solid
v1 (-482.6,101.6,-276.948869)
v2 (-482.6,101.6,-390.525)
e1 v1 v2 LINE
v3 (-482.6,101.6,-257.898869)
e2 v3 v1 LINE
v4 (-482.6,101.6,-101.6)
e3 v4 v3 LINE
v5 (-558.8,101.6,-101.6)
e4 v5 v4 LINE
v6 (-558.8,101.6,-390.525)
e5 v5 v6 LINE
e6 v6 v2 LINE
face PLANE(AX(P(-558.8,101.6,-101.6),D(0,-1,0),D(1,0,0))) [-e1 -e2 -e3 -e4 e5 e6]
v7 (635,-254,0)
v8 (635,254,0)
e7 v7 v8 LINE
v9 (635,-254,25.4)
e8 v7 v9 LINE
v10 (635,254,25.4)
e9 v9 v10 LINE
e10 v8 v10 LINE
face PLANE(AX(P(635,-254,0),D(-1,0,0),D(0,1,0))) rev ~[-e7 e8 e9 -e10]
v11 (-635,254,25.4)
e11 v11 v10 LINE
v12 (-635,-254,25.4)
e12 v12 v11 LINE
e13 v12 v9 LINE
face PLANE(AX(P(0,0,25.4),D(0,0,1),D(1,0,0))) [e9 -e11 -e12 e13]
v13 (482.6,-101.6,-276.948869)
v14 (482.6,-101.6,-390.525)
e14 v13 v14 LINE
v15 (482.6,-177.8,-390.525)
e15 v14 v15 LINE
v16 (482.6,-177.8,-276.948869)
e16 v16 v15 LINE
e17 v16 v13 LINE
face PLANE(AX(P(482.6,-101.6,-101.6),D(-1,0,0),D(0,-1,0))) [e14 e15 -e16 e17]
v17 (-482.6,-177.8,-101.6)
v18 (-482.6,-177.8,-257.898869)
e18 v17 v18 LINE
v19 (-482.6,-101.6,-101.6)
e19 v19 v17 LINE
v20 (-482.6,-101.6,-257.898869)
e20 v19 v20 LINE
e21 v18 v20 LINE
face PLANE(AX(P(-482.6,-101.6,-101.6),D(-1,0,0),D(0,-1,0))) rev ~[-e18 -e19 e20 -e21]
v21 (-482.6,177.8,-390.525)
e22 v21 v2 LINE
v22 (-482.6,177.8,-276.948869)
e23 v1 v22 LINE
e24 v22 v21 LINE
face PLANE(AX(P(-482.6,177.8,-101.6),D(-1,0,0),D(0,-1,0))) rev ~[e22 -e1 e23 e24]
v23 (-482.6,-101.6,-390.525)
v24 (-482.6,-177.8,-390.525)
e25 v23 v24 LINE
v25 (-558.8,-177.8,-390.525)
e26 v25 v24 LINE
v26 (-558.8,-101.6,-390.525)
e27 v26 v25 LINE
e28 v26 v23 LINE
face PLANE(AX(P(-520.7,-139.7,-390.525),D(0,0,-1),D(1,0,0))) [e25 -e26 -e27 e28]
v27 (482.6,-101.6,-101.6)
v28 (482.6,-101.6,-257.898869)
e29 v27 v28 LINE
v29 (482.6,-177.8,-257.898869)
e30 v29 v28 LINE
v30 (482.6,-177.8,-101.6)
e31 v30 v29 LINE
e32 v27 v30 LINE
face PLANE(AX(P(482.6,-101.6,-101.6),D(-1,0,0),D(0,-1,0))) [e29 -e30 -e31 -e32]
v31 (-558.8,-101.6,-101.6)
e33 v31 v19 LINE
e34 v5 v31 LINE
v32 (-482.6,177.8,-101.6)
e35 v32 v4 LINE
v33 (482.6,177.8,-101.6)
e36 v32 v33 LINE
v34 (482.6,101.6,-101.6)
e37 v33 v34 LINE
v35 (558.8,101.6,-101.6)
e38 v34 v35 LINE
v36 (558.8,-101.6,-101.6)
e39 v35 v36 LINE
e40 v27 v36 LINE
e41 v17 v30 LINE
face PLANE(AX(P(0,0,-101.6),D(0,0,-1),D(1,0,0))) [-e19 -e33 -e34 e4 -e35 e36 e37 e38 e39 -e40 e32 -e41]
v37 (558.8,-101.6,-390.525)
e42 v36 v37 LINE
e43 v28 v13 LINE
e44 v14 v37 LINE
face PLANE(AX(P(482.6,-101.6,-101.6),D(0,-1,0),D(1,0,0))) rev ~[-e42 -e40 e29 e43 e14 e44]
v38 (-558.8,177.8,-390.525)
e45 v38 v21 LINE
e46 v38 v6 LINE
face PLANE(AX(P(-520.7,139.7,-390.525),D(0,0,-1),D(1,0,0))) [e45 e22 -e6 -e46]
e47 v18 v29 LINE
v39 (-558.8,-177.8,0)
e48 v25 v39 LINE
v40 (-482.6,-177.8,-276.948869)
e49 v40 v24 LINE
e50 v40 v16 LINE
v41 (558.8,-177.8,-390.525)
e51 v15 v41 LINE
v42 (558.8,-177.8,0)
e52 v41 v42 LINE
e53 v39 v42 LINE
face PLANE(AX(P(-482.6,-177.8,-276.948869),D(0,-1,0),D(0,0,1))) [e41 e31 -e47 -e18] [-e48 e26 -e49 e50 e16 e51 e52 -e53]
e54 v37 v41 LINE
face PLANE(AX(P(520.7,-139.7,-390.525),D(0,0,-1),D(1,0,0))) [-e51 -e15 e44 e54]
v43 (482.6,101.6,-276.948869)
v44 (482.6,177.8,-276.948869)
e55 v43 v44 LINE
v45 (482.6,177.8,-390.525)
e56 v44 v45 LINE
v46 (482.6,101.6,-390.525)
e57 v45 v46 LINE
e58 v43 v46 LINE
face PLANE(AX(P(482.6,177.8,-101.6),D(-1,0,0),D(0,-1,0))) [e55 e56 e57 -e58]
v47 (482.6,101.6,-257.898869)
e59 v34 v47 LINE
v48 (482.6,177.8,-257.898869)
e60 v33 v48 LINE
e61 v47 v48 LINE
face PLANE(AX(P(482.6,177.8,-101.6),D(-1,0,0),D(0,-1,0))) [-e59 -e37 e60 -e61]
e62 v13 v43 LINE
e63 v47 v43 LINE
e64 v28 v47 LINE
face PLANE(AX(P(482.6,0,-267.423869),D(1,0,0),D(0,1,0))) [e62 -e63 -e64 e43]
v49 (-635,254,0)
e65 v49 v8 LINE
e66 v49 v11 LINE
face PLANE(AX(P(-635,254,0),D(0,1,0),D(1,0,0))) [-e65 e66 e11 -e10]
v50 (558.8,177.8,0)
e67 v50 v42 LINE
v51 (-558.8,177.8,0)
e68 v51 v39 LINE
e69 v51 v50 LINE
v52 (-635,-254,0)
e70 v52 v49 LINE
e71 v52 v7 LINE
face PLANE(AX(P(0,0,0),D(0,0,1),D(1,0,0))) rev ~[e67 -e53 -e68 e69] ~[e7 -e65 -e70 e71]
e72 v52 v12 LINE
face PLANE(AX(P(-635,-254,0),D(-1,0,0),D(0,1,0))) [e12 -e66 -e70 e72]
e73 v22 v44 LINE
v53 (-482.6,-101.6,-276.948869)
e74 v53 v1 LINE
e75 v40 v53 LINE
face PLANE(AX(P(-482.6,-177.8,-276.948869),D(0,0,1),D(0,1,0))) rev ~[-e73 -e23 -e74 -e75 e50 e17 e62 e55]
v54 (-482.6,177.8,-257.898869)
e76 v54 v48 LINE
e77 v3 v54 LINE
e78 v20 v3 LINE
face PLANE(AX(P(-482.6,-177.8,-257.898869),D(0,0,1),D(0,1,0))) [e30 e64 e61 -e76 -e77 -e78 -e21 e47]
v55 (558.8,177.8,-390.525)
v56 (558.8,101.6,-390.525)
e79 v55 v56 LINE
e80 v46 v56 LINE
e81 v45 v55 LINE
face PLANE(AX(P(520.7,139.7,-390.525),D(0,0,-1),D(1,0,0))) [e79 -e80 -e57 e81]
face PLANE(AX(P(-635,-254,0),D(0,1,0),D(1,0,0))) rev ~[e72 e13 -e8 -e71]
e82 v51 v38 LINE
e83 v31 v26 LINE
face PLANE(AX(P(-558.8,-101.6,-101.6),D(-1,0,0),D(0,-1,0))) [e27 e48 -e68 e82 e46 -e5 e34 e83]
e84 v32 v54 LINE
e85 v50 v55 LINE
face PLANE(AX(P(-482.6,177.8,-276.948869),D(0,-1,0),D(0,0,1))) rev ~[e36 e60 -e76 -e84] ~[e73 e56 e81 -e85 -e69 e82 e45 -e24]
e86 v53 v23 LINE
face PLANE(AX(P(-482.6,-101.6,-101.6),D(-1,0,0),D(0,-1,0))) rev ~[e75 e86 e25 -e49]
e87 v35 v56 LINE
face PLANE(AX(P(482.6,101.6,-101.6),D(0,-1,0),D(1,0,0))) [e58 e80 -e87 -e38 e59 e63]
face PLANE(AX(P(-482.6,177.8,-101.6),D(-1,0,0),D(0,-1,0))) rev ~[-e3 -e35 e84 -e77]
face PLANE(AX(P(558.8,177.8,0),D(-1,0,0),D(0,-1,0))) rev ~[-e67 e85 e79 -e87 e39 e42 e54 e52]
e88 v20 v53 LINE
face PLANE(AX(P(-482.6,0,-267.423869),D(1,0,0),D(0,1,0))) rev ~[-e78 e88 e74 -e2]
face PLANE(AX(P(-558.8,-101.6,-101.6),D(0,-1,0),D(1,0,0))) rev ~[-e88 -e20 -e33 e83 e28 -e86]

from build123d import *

# Parameters (mm, degrees)
F0_W     = 1270
F0_H     = 508
F1_DEPTH = 25.4
F2_W     = 1117.6
F2_H     = 355.6
F3_DEPTH = 101.6
F4_W     = 76.2
F4_H     = 76.2
F5_DEPTH = 288.925
F6_W     = 355.6
F6_H     = 19.05
F7_DEPTH = 965.2


with BuildPart() as f1:
    # F0 (on Top) → F1 (new body)
    with BuildSketch(Plane.XY):
        Rectangle(F0_W, F0_H)
    extrude(amount=F1_DEPTH)

    # F2 (on face) → F3 (join)
    with BuildSketch(Plane(origin=(0, 0, 0), x_dir=(1, 0, 0), z_dir=(0, 0, -1))):
        Rectangle(F2_W, F2_H)
    extrude(amount=F3_DEPTH)

    # F4 (on face) → F5 (join)
    with BuildSketch(Plane(origin=(0, 0, -101.6), x_dir=(1, 0, 0), z_dir=(0, 0, -1))):
        with Locations((-520.7, 139.7)):
            Rectangle(F4_W, F4_H)
        with Locations((-520.7, -139.7)):
            Rectangle(F4_W, F4_H)
        with Locations((520.7, 139.7)):
            Rectangle(F4_W, F4_H)
        with Locations((520.7, -139.7)):
            Rectangle(F4_W, F4_H)
    extrude(amount=F5_DEPTH)

    # F6 (on face) → F7 (join, through all)
    with BuildSketch(Plane.YZ.offset(-482.6)):
        with Locations((0, -267.423869)):
            Rectangle(F6_W, F6_H)
    extrude(amount=F7_DEPTH)


solid = f1.part
